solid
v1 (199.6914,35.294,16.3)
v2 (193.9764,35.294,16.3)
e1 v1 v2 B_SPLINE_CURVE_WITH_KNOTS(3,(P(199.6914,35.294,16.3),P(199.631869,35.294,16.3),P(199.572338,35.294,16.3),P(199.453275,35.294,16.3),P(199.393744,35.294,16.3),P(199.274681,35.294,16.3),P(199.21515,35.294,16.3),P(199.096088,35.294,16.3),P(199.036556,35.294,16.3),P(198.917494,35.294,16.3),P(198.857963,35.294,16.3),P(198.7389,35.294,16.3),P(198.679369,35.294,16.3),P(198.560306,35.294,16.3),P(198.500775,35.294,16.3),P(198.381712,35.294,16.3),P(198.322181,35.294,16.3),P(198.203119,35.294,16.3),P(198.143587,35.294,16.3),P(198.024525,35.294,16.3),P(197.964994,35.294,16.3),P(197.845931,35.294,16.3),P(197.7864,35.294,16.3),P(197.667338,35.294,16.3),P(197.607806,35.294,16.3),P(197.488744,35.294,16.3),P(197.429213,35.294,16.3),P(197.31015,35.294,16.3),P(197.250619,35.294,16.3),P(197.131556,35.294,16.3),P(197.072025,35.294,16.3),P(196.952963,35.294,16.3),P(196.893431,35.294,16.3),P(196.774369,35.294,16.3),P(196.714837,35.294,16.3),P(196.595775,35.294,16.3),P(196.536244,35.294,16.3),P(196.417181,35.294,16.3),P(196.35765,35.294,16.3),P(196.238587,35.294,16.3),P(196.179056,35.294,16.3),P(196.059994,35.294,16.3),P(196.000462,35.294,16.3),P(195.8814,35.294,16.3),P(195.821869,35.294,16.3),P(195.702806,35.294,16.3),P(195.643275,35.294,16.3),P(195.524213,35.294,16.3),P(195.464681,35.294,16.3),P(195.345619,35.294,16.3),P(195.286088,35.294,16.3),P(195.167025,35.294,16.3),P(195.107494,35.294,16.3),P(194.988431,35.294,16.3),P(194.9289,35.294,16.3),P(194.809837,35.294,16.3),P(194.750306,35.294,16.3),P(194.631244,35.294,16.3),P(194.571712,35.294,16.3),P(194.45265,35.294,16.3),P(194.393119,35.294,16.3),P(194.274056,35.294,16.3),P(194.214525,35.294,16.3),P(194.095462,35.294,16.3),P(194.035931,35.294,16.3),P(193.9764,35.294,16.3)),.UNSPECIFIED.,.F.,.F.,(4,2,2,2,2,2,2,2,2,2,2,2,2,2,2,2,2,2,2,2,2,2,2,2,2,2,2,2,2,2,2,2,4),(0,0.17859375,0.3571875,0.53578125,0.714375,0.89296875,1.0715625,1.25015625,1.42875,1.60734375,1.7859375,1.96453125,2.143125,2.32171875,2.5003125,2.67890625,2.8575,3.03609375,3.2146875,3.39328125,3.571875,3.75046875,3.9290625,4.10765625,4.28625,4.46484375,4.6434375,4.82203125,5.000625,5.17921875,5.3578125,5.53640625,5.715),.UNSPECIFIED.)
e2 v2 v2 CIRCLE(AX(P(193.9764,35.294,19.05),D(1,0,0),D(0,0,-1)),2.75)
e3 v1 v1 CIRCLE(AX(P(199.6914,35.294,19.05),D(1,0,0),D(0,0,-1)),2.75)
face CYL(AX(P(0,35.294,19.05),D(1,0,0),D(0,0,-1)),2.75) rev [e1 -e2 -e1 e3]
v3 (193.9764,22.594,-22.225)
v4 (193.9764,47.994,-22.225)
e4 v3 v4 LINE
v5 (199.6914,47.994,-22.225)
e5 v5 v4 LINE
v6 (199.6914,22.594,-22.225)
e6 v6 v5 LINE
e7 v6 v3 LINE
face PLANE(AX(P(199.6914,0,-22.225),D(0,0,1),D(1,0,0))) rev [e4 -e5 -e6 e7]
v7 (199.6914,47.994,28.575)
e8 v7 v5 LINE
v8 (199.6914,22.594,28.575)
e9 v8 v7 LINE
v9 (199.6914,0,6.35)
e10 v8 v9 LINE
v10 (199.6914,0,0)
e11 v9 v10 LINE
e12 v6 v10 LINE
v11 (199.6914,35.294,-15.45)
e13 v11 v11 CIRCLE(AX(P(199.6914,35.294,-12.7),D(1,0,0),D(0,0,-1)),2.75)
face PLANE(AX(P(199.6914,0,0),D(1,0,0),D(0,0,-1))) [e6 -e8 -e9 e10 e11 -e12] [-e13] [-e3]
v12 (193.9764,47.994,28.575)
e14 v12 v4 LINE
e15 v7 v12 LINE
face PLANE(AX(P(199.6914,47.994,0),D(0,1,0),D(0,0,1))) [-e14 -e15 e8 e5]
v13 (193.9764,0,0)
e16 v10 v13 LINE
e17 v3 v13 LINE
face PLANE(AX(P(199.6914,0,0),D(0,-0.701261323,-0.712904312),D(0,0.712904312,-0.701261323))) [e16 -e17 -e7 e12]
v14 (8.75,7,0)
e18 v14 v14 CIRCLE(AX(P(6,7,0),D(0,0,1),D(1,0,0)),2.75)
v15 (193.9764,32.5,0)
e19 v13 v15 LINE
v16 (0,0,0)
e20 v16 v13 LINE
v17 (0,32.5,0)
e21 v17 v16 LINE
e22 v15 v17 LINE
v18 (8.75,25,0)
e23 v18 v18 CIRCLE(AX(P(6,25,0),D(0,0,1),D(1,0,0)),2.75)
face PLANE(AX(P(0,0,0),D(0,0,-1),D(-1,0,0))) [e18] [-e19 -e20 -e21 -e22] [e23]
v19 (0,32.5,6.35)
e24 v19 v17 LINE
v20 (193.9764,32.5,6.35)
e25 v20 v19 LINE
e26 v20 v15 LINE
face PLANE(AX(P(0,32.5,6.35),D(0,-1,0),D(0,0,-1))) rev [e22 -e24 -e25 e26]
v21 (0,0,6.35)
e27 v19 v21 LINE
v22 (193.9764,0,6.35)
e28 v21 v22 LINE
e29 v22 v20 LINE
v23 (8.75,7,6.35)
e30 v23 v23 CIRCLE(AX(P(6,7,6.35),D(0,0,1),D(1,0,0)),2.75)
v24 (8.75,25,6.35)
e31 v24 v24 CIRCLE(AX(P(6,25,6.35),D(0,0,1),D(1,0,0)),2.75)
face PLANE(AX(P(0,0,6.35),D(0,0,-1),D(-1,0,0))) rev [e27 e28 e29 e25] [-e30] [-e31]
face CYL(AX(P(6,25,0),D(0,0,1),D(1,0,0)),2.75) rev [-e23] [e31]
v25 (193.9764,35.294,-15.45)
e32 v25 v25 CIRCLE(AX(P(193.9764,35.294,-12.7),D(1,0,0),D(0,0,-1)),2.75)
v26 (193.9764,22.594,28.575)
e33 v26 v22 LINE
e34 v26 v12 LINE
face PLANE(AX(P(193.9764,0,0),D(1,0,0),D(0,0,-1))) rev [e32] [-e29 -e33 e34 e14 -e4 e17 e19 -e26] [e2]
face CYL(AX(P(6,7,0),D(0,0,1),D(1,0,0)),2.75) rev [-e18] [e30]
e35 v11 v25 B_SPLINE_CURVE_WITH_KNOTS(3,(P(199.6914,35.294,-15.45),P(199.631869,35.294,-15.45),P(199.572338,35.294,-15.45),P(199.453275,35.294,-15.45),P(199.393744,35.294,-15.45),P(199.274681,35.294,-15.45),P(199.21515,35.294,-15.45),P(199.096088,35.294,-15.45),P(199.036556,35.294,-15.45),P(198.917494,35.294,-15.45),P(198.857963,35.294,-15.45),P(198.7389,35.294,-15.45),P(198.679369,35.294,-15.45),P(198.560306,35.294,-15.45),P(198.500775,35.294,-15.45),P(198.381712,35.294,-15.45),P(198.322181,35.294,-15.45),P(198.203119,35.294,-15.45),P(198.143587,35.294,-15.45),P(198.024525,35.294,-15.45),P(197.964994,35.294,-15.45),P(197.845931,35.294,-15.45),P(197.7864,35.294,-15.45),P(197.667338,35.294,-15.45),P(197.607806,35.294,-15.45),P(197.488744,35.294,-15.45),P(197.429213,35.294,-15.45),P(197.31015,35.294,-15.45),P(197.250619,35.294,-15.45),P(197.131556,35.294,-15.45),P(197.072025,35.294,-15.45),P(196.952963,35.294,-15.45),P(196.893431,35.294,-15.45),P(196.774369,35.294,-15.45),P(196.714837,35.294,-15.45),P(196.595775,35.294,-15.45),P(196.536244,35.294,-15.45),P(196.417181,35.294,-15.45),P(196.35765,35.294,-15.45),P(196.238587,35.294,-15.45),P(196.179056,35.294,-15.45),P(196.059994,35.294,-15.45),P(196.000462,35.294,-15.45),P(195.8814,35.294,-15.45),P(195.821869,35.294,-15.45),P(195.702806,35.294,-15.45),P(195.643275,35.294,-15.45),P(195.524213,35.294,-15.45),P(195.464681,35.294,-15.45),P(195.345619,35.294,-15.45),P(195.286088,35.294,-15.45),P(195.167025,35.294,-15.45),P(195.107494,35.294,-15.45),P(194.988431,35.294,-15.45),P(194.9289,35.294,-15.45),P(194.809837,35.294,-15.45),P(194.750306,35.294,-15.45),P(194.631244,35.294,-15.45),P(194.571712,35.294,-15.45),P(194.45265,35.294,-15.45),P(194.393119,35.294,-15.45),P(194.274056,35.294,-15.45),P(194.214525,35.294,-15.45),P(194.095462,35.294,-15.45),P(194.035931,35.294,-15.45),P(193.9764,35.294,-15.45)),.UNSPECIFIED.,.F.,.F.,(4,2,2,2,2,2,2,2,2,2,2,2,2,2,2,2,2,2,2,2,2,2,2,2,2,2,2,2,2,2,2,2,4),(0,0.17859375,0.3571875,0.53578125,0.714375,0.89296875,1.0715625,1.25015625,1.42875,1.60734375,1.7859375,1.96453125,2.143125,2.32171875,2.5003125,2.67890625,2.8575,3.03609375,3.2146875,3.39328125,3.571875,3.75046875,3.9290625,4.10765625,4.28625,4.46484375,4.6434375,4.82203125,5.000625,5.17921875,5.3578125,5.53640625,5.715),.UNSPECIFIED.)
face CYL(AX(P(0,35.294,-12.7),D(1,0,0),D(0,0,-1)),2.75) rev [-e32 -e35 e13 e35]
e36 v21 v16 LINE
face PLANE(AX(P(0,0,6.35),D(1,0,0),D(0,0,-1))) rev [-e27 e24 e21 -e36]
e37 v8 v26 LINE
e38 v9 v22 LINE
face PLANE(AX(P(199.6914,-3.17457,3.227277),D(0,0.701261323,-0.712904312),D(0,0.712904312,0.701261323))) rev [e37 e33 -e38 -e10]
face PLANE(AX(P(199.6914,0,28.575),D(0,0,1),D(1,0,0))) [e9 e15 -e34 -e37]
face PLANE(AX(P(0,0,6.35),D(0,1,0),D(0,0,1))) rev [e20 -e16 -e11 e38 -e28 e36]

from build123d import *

# Parameters (mm, degrees)
SKETCH1_W           = 193.9764
SKETCH1_H           = 32.5
BOSS_EXTRUDE1_DEPTH = 6.35
SKETCH2_R           = 2.75
CUT_EXTRUDE1_DEPTH  = 197.782662491
BOSS_EXTRUDE2_DEPTH = 5.715
SKETCH4_R           = 2.75
CUT_EXTRUDE2_DEPTH  = 208.356239103


with BuildPart() as part:
    # Sketch1 → Boss-Extrude1 (new body)
    with BuildSketch(Plane.XY):
        with Locations((96.9882, 16.25)):
            Rectangle(SKETCH1_W, SKETCH1_H)
    extrude(amount=BOSS_EXTRUDE1_DEPTH)

    # Sketch2 → Cut-Extrude1 (cut, through all)
    with BuildSketch(Plane.XY.offset(6.35)):
        with Locations((6, 25)):
            Circle(SKETCH2_R)
        with Locations((6, 7)):
            Circle(SKETCH2_R)
    extrude(amount=-CUT_EXTRUDE1_DEPTH, mode=Mode.SUBTRACT)

    # Sketch3 → Boss-Extrude2 (add)
    with BuildSketch(Plane(origin=(193.9764, 0, 0), x_dir=(0, 0, -1), z_dir=(1, 0, 0))):
        Polygon((-28.575, 39.500902), (-28.575, 22.594), (22.225, 22.594), (22.225, 39.500902), (-3.175, 39.500902), align=None)
        Polygon((22.225, 22.594), (-28.575, 22.594), (-6.35, 0), (0, 0), align=None)
        Polygon((-28.575, 47.994), (-28.575, 39.500902), (-3.175, 39.500902), (22.225, 39.500902), (22.225, 47.994), align=None)
    extrude(amount=BOSS_EXTRUDE2_DEPTH)

    # Sketch4 → Cut-Extrude2 (cut, through all)
    with BuildSketch(Plane(origin=(199.6914, 0, 0), x_dir=(0, 0, -1), z_dir=(1, 0, 0))):
        with Locations((-19.05, 35.294)):
            Circle(SKETCH4_R)
        with Locations((12.7, 35.294)):
            Circle(SKETCH4_R)
    extrude(amount=-CUT_EXTRUDE2_DEPTH, mode=Mode.SUBTRACT)


solid = part.part
